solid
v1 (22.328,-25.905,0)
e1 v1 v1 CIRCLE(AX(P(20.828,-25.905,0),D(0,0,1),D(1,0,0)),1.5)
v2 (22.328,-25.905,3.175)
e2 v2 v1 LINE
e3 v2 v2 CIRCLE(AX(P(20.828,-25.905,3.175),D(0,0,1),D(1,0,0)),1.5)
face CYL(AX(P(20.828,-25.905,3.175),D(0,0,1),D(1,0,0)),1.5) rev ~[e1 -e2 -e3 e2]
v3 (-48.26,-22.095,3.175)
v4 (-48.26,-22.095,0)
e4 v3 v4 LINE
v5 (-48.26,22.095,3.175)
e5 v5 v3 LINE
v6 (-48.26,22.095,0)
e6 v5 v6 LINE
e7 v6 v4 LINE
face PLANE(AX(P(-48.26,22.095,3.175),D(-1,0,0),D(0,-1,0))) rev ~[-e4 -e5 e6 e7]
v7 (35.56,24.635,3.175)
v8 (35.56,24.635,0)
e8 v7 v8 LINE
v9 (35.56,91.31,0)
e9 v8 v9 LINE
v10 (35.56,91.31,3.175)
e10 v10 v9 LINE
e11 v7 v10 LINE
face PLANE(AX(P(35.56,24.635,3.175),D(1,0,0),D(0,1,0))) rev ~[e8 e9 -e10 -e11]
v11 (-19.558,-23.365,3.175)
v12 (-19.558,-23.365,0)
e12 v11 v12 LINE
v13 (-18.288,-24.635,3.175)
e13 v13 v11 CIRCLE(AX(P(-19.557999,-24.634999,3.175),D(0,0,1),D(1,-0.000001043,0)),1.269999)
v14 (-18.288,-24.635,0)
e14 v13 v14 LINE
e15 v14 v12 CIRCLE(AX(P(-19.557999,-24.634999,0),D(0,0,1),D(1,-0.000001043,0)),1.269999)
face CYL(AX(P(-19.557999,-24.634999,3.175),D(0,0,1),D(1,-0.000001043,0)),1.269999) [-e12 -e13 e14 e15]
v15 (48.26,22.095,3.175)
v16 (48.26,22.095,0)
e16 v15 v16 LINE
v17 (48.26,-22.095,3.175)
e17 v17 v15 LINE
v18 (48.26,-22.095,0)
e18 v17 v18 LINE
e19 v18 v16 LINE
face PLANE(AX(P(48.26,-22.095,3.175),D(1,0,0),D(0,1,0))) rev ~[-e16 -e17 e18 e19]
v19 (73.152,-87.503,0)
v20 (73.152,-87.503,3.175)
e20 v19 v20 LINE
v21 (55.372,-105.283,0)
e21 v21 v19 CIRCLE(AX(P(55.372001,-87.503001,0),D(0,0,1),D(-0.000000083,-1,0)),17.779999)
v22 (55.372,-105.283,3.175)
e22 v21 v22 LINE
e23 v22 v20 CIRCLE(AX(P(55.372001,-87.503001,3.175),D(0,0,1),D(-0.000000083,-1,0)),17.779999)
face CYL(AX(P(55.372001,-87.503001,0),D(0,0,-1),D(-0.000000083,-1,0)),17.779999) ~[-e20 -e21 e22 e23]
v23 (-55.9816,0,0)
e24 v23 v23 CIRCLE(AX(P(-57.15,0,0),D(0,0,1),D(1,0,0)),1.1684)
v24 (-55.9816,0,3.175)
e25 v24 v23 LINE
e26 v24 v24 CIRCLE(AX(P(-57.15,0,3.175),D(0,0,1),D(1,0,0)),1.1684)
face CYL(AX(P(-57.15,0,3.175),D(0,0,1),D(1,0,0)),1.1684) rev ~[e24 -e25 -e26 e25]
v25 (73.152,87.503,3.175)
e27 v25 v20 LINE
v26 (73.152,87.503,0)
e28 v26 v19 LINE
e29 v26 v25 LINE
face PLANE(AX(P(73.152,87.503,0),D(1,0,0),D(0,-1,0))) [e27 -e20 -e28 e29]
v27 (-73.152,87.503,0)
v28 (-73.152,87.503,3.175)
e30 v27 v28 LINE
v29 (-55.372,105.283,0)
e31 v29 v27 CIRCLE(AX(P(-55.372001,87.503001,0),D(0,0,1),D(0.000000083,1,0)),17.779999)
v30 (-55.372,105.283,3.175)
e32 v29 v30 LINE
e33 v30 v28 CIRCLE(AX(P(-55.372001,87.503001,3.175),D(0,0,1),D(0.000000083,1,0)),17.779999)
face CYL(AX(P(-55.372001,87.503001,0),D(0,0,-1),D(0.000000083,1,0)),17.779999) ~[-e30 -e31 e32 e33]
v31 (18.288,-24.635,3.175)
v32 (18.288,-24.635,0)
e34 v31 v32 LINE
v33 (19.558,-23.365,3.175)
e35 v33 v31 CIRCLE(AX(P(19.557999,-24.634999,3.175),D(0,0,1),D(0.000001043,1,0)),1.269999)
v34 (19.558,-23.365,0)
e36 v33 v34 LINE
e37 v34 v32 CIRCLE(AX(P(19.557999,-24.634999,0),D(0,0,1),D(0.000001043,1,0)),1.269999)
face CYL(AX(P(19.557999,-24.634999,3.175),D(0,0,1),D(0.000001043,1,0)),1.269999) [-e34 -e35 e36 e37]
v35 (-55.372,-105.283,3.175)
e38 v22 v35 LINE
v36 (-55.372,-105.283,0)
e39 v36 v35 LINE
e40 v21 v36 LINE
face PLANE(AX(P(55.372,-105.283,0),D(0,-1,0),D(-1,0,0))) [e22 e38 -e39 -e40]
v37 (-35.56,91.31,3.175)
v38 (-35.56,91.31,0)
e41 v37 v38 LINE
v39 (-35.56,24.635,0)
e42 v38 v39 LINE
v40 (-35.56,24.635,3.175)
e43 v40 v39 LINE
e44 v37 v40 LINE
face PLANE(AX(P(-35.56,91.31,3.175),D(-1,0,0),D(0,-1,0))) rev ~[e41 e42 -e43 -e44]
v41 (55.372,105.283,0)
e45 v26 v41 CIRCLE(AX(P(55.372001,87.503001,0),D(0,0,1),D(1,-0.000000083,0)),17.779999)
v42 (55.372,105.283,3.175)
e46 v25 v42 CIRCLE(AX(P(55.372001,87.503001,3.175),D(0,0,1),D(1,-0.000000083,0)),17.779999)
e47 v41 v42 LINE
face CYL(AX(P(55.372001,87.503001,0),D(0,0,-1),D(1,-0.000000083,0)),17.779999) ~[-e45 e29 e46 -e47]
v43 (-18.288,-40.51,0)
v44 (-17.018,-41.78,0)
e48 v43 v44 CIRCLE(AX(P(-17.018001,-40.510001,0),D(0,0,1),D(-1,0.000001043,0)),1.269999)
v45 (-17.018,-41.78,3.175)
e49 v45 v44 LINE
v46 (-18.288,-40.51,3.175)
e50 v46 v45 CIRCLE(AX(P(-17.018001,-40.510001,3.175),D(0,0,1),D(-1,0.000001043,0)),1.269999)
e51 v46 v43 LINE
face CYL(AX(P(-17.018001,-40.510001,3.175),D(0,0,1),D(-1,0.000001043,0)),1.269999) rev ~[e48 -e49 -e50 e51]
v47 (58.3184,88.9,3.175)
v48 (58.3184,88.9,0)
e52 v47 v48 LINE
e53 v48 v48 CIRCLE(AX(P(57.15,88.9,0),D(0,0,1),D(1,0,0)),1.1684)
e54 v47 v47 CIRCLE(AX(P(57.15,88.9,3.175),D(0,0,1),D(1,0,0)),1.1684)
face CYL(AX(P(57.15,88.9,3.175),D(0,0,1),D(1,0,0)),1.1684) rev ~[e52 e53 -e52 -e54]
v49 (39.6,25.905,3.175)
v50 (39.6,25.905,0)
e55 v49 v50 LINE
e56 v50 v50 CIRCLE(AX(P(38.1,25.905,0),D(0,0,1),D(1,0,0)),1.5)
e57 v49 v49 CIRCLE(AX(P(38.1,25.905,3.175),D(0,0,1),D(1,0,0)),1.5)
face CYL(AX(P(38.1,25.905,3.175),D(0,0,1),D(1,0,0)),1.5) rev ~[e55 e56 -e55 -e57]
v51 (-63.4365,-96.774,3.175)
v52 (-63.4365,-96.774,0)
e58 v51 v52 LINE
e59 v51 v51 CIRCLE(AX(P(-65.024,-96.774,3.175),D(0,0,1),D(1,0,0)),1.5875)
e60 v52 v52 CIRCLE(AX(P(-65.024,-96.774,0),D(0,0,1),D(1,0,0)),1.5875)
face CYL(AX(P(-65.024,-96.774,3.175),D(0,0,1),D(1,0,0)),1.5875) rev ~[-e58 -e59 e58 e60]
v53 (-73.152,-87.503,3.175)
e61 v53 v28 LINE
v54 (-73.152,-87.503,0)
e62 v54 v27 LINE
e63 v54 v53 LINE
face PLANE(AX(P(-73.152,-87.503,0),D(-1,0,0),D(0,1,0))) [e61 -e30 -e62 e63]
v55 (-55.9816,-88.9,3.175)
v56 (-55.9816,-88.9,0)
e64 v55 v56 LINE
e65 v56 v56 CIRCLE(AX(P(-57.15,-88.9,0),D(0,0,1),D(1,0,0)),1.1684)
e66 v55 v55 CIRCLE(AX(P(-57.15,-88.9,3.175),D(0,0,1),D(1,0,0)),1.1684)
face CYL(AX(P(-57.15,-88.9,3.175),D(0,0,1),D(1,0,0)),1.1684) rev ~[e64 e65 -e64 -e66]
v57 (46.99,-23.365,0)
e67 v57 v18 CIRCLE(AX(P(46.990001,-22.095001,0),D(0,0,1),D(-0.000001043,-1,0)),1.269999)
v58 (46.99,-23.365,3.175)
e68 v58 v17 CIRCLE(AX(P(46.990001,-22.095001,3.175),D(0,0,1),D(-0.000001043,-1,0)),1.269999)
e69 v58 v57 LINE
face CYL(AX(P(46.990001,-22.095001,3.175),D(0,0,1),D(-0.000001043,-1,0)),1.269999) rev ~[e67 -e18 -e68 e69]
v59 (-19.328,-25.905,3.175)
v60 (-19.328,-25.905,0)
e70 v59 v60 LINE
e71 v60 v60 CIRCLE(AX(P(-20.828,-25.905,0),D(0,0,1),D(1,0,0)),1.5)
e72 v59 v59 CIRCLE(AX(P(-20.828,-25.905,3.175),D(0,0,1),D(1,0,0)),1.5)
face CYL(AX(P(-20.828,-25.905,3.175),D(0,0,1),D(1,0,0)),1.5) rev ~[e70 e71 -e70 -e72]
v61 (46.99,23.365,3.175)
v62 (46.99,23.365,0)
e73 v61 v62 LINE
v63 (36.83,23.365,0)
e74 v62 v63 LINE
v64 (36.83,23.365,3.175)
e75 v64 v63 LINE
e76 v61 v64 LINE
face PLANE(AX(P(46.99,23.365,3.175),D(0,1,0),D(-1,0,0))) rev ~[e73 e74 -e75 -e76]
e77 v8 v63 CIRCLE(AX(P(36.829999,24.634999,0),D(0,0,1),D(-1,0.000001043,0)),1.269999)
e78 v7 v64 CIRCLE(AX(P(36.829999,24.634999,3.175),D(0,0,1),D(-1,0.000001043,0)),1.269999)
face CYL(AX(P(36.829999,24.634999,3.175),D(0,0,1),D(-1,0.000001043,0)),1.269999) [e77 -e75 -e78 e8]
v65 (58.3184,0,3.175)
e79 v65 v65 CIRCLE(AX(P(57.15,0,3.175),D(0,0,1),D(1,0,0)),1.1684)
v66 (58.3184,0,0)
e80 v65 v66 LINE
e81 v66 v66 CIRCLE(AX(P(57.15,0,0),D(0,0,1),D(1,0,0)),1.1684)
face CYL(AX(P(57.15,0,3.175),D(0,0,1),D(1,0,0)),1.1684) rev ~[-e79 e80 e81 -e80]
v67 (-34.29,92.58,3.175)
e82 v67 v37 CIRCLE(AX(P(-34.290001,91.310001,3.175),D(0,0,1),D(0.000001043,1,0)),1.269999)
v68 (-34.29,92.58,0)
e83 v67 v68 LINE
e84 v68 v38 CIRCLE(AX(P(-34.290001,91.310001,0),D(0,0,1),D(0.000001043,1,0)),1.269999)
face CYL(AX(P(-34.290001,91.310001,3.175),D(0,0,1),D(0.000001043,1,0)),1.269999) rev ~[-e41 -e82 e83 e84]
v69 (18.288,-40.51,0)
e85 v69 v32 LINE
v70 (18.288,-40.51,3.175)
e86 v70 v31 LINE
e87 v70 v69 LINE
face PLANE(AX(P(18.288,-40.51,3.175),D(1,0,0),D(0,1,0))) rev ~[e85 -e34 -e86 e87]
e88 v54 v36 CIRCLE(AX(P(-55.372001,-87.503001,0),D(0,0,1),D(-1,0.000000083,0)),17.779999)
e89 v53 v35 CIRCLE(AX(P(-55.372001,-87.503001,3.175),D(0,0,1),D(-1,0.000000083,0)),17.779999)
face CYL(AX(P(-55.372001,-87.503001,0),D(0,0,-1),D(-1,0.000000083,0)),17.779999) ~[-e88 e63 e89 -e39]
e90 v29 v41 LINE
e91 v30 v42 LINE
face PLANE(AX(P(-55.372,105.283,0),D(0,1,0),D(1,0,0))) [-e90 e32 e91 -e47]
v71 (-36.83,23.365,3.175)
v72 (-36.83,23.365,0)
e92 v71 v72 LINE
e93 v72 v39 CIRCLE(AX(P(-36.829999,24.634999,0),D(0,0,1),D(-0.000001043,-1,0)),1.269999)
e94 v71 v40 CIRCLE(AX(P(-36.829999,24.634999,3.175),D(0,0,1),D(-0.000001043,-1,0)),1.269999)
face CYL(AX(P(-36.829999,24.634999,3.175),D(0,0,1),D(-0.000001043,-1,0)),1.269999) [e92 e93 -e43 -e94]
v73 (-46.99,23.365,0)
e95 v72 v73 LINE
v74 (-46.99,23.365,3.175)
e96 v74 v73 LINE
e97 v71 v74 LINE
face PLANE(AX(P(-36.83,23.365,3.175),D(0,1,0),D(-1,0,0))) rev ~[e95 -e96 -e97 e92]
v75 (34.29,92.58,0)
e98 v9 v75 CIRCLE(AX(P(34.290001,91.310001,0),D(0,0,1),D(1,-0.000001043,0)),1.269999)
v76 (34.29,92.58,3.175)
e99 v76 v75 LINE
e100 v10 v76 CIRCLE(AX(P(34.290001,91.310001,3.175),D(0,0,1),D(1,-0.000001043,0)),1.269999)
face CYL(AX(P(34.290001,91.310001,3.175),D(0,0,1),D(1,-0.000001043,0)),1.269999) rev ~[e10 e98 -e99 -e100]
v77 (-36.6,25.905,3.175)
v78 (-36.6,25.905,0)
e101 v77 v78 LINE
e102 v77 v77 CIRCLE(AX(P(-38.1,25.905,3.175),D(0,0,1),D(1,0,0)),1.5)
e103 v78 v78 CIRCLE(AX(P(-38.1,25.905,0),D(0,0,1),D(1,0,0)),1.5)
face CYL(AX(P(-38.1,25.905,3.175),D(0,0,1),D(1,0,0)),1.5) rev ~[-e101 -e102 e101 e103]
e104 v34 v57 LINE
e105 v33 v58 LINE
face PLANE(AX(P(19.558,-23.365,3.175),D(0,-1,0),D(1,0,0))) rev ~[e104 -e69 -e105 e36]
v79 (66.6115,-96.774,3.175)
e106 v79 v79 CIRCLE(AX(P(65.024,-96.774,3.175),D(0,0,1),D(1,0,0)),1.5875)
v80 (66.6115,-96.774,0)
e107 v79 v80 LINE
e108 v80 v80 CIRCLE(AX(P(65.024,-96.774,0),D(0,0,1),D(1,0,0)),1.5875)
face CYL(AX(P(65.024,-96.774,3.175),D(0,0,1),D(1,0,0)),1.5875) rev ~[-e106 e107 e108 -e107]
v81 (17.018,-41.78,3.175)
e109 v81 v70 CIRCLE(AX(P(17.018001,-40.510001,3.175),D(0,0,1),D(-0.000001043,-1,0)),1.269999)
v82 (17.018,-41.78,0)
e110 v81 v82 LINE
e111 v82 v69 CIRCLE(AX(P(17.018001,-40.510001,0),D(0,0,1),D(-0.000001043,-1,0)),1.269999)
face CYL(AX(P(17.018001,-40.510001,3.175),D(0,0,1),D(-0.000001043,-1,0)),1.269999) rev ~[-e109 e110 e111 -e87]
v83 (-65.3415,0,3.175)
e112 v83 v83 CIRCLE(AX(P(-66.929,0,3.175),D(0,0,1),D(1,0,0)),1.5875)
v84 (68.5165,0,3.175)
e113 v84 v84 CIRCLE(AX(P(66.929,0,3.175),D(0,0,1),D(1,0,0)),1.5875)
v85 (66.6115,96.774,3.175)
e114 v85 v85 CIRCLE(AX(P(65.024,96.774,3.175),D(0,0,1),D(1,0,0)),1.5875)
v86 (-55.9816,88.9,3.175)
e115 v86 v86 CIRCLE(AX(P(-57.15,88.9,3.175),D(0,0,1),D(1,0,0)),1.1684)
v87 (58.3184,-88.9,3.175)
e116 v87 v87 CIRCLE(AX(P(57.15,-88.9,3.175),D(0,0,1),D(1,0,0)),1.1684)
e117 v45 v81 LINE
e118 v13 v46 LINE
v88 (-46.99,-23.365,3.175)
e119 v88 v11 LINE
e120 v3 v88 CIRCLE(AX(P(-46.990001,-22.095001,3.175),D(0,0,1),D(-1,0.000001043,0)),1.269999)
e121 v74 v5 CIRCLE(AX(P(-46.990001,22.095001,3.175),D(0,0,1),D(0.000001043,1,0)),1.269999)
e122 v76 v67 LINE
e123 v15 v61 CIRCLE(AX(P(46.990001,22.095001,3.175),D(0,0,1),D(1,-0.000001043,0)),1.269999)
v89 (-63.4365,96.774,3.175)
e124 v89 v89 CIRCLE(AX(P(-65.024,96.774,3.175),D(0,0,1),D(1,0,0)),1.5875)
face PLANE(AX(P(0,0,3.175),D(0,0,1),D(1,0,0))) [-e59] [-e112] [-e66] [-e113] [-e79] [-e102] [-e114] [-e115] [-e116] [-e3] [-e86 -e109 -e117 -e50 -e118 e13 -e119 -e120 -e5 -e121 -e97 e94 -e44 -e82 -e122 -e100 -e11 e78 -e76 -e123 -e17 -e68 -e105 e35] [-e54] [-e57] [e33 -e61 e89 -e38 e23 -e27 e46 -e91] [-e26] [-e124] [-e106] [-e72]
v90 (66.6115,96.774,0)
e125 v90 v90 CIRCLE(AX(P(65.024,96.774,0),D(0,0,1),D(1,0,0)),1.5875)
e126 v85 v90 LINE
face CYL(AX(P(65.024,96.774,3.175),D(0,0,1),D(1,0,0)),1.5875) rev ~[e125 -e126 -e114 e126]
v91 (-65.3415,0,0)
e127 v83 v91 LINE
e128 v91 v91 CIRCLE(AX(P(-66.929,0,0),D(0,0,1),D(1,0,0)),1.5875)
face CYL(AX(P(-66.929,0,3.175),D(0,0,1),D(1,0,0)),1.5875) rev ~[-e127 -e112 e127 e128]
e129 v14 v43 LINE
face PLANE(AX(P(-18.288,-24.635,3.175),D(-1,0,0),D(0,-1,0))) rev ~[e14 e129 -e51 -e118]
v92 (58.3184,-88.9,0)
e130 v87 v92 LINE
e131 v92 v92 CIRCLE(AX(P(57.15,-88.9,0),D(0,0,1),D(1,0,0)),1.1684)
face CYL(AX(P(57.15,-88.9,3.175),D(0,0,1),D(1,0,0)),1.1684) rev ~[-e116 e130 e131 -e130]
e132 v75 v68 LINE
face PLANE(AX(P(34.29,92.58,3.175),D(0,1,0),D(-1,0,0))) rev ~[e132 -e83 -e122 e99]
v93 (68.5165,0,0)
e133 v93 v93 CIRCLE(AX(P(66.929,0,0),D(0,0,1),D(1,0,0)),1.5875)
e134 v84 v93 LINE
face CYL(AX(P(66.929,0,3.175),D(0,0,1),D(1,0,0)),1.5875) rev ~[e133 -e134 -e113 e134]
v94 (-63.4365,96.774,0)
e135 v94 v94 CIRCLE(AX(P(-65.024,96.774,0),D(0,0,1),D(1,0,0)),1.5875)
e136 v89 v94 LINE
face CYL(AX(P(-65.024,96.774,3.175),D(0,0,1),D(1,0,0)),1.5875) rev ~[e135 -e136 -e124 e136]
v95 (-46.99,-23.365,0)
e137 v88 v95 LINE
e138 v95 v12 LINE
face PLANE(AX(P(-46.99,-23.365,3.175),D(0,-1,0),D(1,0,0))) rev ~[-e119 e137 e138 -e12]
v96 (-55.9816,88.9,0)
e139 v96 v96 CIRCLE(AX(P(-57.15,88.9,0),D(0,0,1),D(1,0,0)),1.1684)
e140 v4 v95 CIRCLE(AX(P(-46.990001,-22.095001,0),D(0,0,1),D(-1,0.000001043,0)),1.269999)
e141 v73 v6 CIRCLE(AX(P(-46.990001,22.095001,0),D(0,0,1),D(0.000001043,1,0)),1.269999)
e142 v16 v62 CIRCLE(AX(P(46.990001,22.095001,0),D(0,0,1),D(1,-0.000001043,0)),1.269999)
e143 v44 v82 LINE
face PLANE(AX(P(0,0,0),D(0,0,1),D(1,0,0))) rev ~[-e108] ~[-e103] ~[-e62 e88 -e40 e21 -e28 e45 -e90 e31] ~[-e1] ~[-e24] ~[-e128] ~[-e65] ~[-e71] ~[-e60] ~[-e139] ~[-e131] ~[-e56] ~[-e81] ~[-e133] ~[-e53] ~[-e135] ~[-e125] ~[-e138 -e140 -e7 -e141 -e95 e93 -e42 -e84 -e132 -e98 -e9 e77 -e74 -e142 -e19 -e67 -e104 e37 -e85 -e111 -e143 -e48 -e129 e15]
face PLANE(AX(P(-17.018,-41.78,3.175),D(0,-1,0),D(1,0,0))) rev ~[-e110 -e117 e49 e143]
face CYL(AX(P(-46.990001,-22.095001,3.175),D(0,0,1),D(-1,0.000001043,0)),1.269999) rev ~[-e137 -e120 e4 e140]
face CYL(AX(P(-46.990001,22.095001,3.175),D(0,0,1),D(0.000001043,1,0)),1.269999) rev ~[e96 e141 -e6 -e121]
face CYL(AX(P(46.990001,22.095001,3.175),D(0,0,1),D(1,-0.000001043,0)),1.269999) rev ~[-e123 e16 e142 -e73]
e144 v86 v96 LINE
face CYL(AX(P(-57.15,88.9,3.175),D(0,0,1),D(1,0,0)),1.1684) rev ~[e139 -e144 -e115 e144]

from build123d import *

# Parameters (mm, degrees)
PAD_DEPTH       = 3.175
SKETCH001_R     = 1.5875
POCKET_DEPTH    = 3.176
SKETCH002_R     = 1.5
POCKET001_DEPTH = 3.176
SKETCH003_R     = 1.1684
POCKET002_DEPTH = 3.176


with BuildPart() as part:
    # Sketch → Pad (new body)
    with BuildSketch(Plane.XY):
        with BuildLine():
            ThreePointArc((-55.372, 105.283), (-67.944359, 100.075359), (-73.152, 87.503))
            Line((-73.152, -87.503), (-73.152, 87.503))
            ThreePointArc((-73.152, -87.503), (-67.944359, -100.075359), (-55.372, -105.283))
            Line((55.372, -105.283), (-55.372, -105.283))
            ThreePointArc((55.372, -105.283), (67.944359, -100.075359), (73.152, -87.503))
            Line((73.152, 87.503), (73.152, -87.503))
            ThreePointArc((73.152, 87.503), (67.944359, 100.075359), (55.372, 105.283))
            Line((-55.372, 105.283), (55.372, 105.283))
        make_face()
    extrude(amount=PAD_DEPTH)

    # Sketch001 (on DatumPlane) → Pocket (cut, through all)
    with BuildSketch(Plane.XY.offset(3.175)):
        with Locations((-65.024, 96.774)):
            Circle(SKETCH001_R)
        with Locations((65.024, 96.774)):
            Circle(SKETCH001_R)
        with Locations((65.024, -96.774)):
            Circle(SKETCH001_R)
        with Locations((-65.024, -96.774)):
            Circle(SKETCH001_R)
        with Locations((-66.929, 0)):
            Circle(SKETCH001_R)
        with Locations((66.929, 0)):
            Circle(SKETCH001_R)
    extrude(amount=-POCKET_DEPTH, mode=Mode.SUBTRACT)

    # Sketch002 (on DatumPlane) → Pocket001 (cut, through all)
    with BuildSketch(Plane.XY.offset(3.175)):
        with Locations((-38.1, 25.905)):
            Circle(SKETCH002_R)
        with Locations((38.1, 25.905)):
            Circle(SKETCH002_R)
        with Locations((-20.828, -25.905)):
            Circle(SKETCH002_R)
        with Locations((20.828, -25.905)):
            Circle(SKETCH002_R)
        with BuildLine():
            Line((-18.288, -29.08), (-18.288, -40.51))
            ThreePointArc((-18.288, -40.51), (-17.916026, -41.408026), (-17.018, -41.78))
            Line((-17.018, -41.78), (17.018, -41.78))
            ThreePointArc((17.018, -41.78), (17.916026, -41.408026), (18.288, -40.51))
            Line((18.288, -40.51), (18.288, -29.08))
            Line((18.288, -29.08), (18.288, -24.635))
            ThreePointArc((19.558, -23.365), (18.659974, -23.736974), (18.288, -24.635))
            Line((19.558, -23.365), (46.99, -23.365))
            ThreePointArc((46.99, -23.365), (47.888026, -22.993026), (48.26, -22.095))
            Line((48.26, -22.095), (48.26, 22.095))
            ThreePointArc((48.26, 22.095), (47.888026, 22.993026), (46.99, 23.365))
            Line((46.99, 23.365), (36.83, 23.365))
            ThreePointArc((35.56, 24.635), (35.931974, 23.736974), (36.83, 23.365))
            Line((35.56, 24.635), (35.56, 29.08))
            Line((35.56, 29.08), (35.56, 91.31))
            ThreePointArc((35.56, 91.31), (35.188026, 92.208026), (34.29, 92.58))
            Line((34.29, 92.58), (-34.29, 92.58))
            ThreePointArc((-34.29, 92.58), (-35.188026, 92.208026), (-35.56, 91.31))
            Line((-35.56, 91.31), (-35.56, 29.08))
            Line((-35.56, 29.08), (-35.56, 24.635))
            ThreePointArc((-36.83, 23.365), (-35.931974, 23.736974), (-35.56, 24.635))
            Line((-36.83, 23.365), (-46.99, 23.365))
            ThreePointArc((-46.99, 23.365), (-47.888026, 22.993026), (-48.26, 22.095))
            Line((-48.26, 22.095), (-48.26, -22.095))
            ThreePointArc((-48.26, -22.095), (-47.888026, -22.993026), (-46.99, -23.365))
            Line((-46.99, -23.365), (-19.558, -23.365))
            ThreePointArc((-18.288, -24.635), (-18.659974, -23.736974), (-19.558, -23.365))
            Line((-18.288, -24.635), (-18.288, -29.08))
        make_face()
    extrude(amount=-POCKET001_DEPTH, mode=Mode.SUBTRACT)

    # Sketch003 (on DatumPlane) → Pocket002 (cut, through all)
    with BuildSketch(Plane.XY.offset(3.175)):
        with Locations((-57.15, 88.9)):
            Circle(SKETCH003_R)
        with Locations((57.15, 88.9)):
            Circle(SKETCH003_R)
        with Locations((57.15, 0)):
            Circle(SKETCH003_R)
        with Locations((57.15, -88.9)):
            Circle(SKETCH003_R)
        with Locations((-57.15, -88.9)):
            Circle(SKETCH003_R)
        with Locations((-57.15, 0)):
            Circle(SKETCH003_R)
    extrude(amount=-POCKET002_DEPTH, mode=Mode.SUBTRACT)


solid = part.part
